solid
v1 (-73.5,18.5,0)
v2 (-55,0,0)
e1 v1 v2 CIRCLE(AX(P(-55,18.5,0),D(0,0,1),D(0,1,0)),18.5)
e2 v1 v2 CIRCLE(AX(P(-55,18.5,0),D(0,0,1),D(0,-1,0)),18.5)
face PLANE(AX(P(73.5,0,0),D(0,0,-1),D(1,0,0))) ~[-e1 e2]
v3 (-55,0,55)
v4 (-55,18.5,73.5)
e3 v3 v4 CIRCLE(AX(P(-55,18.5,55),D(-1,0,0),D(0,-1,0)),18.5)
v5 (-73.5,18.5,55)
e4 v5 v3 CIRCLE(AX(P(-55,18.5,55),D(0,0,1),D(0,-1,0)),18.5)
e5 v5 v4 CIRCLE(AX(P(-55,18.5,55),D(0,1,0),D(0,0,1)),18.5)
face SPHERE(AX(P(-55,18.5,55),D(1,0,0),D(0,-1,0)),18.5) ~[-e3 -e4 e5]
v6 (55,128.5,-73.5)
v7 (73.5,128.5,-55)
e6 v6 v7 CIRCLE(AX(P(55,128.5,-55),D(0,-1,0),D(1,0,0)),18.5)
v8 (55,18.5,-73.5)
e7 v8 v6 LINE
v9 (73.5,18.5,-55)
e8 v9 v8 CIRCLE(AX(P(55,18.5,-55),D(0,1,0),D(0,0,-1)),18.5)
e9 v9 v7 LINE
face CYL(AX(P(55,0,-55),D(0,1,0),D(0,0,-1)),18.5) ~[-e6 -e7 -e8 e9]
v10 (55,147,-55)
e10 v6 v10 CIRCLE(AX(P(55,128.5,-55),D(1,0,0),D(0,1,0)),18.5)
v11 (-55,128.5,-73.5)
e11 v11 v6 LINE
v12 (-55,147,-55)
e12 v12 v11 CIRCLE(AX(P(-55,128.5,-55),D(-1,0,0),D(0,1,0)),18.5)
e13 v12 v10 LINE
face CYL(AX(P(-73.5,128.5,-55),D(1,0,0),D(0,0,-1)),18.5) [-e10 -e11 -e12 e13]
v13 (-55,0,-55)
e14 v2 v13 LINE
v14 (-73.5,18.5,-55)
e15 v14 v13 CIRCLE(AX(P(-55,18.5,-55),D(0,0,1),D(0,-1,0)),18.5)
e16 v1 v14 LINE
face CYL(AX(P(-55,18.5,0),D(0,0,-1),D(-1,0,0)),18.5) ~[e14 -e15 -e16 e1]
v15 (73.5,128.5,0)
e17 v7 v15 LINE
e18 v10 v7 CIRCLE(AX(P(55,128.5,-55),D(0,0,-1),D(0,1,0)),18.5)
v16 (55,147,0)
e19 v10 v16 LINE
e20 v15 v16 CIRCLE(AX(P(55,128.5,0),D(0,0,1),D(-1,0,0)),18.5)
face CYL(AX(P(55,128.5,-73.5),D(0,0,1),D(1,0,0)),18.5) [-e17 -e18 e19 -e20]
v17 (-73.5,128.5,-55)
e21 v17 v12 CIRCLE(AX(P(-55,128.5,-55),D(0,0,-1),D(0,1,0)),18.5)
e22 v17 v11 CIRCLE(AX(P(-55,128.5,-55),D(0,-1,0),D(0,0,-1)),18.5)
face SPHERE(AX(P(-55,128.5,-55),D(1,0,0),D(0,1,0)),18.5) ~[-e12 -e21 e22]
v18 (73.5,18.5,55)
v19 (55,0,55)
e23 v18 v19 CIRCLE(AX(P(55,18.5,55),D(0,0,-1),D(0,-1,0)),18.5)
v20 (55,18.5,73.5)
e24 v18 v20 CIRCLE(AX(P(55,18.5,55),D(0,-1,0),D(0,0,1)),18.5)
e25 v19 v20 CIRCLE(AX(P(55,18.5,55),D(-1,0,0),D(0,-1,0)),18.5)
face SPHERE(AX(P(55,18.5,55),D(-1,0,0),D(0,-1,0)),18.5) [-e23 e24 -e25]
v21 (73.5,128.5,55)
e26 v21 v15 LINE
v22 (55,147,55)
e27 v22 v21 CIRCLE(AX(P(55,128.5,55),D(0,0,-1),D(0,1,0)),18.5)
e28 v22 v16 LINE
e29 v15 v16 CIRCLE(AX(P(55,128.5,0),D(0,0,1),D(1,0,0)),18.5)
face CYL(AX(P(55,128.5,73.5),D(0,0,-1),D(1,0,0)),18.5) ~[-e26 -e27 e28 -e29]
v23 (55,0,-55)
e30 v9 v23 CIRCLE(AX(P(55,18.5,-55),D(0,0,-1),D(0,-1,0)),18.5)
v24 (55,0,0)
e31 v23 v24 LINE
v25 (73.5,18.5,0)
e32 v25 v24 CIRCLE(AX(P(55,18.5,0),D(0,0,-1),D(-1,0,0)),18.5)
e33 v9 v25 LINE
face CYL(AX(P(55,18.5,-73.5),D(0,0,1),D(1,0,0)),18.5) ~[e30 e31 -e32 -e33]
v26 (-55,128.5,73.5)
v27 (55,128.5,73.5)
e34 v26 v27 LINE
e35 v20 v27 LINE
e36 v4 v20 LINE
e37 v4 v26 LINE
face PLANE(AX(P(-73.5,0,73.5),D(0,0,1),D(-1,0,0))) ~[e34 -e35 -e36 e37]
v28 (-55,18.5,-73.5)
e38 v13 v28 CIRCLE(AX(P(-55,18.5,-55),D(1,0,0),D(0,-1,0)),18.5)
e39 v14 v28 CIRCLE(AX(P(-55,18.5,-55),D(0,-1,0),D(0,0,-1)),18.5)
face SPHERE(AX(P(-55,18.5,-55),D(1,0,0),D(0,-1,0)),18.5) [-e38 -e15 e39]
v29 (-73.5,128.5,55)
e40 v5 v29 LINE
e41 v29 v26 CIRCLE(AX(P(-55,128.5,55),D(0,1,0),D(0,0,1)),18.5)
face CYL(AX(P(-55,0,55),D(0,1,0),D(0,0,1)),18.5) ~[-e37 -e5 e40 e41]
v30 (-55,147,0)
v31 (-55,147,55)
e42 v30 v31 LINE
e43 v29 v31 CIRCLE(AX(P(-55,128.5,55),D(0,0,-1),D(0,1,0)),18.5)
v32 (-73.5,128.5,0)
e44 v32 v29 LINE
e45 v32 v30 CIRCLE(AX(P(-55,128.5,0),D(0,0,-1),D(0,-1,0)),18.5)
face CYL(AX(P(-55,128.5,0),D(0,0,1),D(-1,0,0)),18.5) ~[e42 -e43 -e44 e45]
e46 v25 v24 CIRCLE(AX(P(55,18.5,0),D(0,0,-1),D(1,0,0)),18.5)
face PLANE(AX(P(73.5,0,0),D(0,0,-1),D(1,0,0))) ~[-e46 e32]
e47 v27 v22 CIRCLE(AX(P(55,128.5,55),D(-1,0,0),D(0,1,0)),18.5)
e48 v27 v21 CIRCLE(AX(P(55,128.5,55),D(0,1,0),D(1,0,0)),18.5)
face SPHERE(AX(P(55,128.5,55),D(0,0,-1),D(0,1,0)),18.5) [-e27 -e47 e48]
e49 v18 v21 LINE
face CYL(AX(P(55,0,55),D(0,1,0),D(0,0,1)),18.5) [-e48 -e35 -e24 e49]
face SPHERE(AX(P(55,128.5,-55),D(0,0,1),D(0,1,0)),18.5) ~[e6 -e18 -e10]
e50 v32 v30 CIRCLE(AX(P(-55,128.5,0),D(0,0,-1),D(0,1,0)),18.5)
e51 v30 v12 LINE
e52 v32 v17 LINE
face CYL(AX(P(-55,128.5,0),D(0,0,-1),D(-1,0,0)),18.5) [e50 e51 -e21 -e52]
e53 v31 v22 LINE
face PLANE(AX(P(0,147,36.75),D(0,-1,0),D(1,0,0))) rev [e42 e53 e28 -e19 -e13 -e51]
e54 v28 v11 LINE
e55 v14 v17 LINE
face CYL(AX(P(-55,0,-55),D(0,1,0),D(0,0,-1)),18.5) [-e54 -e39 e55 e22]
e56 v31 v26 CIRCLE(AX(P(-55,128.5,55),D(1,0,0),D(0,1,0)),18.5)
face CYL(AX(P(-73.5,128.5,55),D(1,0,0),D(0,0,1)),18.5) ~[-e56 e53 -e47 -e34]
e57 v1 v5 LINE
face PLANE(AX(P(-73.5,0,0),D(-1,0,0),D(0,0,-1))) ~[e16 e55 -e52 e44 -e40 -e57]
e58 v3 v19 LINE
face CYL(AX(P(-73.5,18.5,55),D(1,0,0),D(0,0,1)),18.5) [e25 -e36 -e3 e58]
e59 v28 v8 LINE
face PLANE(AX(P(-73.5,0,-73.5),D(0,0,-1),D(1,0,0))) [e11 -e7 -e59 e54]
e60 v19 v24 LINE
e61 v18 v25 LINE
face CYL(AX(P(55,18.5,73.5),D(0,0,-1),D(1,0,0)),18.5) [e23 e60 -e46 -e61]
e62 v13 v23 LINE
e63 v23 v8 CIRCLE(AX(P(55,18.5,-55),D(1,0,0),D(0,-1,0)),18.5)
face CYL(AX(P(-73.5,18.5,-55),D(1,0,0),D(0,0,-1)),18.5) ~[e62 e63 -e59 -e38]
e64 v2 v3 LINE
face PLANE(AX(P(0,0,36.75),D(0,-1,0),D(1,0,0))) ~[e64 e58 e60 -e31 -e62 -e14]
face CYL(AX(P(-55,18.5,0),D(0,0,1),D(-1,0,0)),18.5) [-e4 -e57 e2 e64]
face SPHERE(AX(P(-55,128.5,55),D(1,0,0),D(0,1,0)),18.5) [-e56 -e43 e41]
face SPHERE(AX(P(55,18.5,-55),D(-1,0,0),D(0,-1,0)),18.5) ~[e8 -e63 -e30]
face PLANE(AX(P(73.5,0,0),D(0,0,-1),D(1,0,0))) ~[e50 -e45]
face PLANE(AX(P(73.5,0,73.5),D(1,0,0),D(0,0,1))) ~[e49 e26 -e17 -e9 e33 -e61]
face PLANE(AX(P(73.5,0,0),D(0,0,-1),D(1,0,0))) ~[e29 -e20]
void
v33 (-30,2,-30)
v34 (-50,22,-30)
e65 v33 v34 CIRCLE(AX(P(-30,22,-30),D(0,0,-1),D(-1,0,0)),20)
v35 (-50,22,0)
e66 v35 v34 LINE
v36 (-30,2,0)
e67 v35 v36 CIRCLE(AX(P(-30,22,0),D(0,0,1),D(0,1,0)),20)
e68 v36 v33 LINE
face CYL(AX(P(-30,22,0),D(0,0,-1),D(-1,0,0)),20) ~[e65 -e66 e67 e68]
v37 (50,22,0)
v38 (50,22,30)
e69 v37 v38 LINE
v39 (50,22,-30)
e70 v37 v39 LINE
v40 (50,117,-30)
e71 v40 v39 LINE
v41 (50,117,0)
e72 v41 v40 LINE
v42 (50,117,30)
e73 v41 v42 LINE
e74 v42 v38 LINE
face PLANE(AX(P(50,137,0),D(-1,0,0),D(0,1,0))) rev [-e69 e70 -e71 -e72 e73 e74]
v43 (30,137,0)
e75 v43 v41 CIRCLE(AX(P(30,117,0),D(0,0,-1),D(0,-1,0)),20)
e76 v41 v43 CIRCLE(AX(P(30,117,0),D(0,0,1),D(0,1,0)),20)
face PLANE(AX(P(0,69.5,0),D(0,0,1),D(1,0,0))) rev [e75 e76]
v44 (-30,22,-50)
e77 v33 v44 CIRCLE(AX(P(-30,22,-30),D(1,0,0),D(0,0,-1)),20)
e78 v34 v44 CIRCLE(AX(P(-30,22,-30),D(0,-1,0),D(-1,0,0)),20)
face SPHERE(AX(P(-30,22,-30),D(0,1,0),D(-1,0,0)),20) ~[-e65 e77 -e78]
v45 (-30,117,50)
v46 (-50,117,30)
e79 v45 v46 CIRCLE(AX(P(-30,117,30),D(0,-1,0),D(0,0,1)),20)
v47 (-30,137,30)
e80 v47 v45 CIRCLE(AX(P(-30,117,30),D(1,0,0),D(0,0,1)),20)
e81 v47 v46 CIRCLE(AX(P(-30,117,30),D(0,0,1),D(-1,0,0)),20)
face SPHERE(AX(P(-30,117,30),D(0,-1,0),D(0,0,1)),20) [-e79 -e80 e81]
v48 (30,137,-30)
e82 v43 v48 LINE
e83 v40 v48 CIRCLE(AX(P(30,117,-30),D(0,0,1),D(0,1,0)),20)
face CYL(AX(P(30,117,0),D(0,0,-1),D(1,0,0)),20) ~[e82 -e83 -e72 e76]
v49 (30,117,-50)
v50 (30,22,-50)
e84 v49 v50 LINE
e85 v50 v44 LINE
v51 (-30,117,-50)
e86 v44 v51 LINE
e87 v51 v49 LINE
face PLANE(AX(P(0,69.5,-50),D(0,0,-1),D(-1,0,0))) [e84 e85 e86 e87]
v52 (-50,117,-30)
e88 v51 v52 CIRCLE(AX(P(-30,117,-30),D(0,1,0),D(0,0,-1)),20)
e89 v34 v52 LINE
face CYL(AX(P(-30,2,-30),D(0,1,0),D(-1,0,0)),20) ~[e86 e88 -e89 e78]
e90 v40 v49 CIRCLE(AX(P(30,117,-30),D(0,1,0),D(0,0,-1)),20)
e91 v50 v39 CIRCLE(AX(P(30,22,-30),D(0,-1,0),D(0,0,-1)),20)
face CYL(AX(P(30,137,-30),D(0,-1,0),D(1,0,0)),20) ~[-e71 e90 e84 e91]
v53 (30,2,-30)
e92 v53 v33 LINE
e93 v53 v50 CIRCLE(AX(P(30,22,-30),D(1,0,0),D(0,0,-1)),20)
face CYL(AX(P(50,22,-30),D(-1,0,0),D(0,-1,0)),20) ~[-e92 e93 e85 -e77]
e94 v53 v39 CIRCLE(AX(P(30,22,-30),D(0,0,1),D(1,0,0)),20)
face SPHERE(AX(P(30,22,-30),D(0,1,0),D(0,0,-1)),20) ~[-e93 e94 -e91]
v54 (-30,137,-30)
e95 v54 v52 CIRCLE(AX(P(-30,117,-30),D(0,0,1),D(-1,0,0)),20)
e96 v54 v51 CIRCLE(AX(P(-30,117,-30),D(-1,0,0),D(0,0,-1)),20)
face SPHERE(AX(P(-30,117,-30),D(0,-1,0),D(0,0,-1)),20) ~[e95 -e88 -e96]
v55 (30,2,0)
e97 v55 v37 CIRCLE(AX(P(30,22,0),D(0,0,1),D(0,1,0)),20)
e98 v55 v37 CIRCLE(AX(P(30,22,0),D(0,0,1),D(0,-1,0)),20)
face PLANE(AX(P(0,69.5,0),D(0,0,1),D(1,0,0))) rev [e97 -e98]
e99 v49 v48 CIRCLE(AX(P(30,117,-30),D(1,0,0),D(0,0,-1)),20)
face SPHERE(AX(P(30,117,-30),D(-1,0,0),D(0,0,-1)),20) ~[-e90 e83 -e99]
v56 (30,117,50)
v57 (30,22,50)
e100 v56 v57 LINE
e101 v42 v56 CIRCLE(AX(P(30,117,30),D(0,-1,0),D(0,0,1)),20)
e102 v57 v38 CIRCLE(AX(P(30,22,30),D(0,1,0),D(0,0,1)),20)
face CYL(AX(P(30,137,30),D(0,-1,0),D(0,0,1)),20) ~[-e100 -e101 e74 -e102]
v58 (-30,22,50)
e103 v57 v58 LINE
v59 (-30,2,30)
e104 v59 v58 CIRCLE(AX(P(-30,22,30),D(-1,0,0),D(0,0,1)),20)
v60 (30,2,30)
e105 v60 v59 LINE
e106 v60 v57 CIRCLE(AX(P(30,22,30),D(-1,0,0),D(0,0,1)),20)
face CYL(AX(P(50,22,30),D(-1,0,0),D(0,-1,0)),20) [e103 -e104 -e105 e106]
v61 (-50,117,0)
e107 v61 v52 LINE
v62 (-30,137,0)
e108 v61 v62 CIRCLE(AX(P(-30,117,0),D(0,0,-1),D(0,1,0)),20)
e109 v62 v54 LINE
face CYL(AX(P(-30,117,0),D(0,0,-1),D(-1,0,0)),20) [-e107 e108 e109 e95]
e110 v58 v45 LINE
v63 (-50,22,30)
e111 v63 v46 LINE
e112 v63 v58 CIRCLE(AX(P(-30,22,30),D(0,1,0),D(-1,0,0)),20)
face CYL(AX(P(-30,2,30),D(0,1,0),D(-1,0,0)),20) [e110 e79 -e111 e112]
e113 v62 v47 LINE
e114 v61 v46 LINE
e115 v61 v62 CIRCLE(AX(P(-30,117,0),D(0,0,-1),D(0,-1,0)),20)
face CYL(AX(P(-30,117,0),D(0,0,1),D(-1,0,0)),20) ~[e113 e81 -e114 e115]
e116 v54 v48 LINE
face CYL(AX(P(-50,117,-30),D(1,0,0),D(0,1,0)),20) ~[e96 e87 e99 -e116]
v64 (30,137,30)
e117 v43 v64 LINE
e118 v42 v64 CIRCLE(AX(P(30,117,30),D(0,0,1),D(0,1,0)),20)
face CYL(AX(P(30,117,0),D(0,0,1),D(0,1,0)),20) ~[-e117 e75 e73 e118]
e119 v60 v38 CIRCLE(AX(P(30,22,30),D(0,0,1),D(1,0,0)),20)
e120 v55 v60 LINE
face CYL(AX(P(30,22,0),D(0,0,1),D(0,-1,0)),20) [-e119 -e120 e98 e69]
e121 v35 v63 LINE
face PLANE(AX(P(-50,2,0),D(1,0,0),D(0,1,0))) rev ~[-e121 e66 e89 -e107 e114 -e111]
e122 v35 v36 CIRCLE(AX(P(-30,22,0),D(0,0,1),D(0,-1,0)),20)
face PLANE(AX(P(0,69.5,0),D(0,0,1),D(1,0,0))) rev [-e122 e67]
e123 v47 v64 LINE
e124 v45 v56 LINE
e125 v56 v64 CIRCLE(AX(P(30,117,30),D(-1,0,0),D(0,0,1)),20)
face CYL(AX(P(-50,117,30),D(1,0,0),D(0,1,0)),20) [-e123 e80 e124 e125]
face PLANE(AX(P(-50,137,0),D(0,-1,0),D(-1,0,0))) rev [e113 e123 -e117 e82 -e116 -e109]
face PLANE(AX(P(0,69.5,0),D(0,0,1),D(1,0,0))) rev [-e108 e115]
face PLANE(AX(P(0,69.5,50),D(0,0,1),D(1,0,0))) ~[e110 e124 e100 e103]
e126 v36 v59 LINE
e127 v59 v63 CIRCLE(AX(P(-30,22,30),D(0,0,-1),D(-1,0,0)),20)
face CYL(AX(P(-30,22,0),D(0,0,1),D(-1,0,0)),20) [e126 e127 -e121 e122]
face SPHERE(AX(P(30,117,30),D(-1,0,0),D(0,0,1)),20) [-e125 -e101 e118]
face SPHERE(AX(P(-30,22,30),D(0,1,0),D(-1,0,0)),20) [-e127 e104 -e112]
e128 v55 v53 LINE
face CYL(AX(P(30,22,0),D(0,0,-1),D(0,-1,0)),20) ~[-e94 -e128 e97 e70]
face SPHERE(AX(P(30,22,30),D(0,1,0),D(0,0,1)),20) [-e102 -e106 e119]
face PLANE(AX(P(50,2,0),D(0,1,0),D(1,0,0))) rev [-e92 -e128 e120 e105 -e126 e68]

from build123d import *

# Parameters (mm, degrees)
BOSS_EXTRUDE1_DEPTH  = 147
FILLET1_R            = 18.5
CUT_EXTRUDE1_DEPTH   = 50
FILLET2_R            = 20
FILLET1_OF_MIRROR1_R = 18.5
FILLET2_OF_MIRROR1_R = 20


with BuildPart() as part:
    # Sketch1 → Boss-Extrude1 (new body)
    with BuildSketch(Plane(origin=(0, 0, 0), x_dir=(1, 0, 0), z_dir=(0, 1, 0))):
        Polygon((-73.50000000000001, 73.5), (73.5, 73.49999999999999), (73.50000000000001, 0), (-73.50000000000001, 0), align=None)
    boss_extrude1 = extrude(amount=BOSS_EXTRUDE1_DEPTH)

    # Fillet1
    fillet1_edges = [part.edges().sort_by_distance(p)[0] for p in [
        (73.5, 147, -36.74999999999999),
        (-1.421e-14, 147, -73.5),
        (-73.50000000000001, 147, -36.75),
        (-1.421e-14, 0, -73.5),
        (73.5, 0, -36.74999999999999),
        (-73.50000000000001, 0, -36.75),
        (-73.50000000000001, 73.5, -73.5),
        (73.5, 73.5, -73.49999999999999),
    ]]
    fillet(fillet1_edges, radius=FILLET1_R)

    # Sketch2 → Cut-Extrude1 (cut)
    with BuildSketch(Plane.XY):
        Polygon((-50.00000000000003, 137), (49.99999999999997, 137.00000000000006), (50.00000000000007, 2.000000000000012), (-50.00000000000004, 2), align=None)
    cut_extrude1 = extrude(amount=-CUT_EXTRUDE1_DEPTH, mode=Mode.SUBTRACT)

    # Fillet2
    fillet2_edges = [part.edges().sort_by_distance(p)[0] for p in [
        (-50.000000000000036, 69.5, -50),
        (-50.00000000000004, 2, -25),
        (-2.842e-14, 137.00000000000003, -50),
        (-50.00000000000003, 137, -25),
        (50.00000000000002, 69.50000000000003, -50),
        (49.99999999999997, 137.00000000000006, -25),
        (1.421e-14, 2.000000000000006, -50),
        (50.00000000000007, 2.000000000000012, -25),
    ]]
    fillet(fillet2_edges, radius=FILLET2_R)

    # Mirror1: Boss-Extrude1, Cut-Extrude1 across plane
    add(boss_extrude1.mirror(Plane(origin=(-73.50000000000001, 147, 0), x_dir=(1, 0, 0), z_dir=(0, 0, -1))))
    add(cut_extrude1.mirror(Plane(origin=(-73.50000000000001, 147, 0), x_dir=(1, 0, 0), z_dir=(0, 0, -1))), mode=Mode.SUBTRACT)

    # Fillet1 of Mirror1
    fillet1_of_mirror1_edges = [part.edges().sort_by_distance(p)[0] for p in [
        (73.5, 147, 36.74999999999999),
        (-1.421e-14, 147, 73.5),
        (-73.50000000000001, 147, 36.75),
        (-1.421e-14, 0, 73.5),
        (73.5, 0, 36.74999999999999),
        (-73.50000000000001, 0, 36.75),
        (-73.50000000000001, 73.5, 73.5),
        (73.5, 73.5, 73.49999999999999),
    ]]
    fillet(fillet1_of_mirror1_edges, radius=FILLET1_OF_MIRROR1_R)

    # Fillet2 of Mirror1
    fillet2_of_mirror1_edges = [part.edges().sort_by_distance(p)[0] for p in [
        (-50.000000000000036, 69.5, 50),
        (-50.00000000000004, 2, 25),
        (-2.842e-14, 137.00000000000003, 50),
        (-50.00000000000003, 137, 25),
        (50.00000000000002, 69.50000000000003, 50),
        (49.99999999999997, 137.00000000000006, 25),
        (1.421e-14, 2.000000000000006, 50),
        (50.00000000000007, 2.000000000000012, 25),
    ]]
    fillet(fillet2_of_mirror1_edges, radius=FILLET2_OF_MIRROR1_R)


solid = part.part
